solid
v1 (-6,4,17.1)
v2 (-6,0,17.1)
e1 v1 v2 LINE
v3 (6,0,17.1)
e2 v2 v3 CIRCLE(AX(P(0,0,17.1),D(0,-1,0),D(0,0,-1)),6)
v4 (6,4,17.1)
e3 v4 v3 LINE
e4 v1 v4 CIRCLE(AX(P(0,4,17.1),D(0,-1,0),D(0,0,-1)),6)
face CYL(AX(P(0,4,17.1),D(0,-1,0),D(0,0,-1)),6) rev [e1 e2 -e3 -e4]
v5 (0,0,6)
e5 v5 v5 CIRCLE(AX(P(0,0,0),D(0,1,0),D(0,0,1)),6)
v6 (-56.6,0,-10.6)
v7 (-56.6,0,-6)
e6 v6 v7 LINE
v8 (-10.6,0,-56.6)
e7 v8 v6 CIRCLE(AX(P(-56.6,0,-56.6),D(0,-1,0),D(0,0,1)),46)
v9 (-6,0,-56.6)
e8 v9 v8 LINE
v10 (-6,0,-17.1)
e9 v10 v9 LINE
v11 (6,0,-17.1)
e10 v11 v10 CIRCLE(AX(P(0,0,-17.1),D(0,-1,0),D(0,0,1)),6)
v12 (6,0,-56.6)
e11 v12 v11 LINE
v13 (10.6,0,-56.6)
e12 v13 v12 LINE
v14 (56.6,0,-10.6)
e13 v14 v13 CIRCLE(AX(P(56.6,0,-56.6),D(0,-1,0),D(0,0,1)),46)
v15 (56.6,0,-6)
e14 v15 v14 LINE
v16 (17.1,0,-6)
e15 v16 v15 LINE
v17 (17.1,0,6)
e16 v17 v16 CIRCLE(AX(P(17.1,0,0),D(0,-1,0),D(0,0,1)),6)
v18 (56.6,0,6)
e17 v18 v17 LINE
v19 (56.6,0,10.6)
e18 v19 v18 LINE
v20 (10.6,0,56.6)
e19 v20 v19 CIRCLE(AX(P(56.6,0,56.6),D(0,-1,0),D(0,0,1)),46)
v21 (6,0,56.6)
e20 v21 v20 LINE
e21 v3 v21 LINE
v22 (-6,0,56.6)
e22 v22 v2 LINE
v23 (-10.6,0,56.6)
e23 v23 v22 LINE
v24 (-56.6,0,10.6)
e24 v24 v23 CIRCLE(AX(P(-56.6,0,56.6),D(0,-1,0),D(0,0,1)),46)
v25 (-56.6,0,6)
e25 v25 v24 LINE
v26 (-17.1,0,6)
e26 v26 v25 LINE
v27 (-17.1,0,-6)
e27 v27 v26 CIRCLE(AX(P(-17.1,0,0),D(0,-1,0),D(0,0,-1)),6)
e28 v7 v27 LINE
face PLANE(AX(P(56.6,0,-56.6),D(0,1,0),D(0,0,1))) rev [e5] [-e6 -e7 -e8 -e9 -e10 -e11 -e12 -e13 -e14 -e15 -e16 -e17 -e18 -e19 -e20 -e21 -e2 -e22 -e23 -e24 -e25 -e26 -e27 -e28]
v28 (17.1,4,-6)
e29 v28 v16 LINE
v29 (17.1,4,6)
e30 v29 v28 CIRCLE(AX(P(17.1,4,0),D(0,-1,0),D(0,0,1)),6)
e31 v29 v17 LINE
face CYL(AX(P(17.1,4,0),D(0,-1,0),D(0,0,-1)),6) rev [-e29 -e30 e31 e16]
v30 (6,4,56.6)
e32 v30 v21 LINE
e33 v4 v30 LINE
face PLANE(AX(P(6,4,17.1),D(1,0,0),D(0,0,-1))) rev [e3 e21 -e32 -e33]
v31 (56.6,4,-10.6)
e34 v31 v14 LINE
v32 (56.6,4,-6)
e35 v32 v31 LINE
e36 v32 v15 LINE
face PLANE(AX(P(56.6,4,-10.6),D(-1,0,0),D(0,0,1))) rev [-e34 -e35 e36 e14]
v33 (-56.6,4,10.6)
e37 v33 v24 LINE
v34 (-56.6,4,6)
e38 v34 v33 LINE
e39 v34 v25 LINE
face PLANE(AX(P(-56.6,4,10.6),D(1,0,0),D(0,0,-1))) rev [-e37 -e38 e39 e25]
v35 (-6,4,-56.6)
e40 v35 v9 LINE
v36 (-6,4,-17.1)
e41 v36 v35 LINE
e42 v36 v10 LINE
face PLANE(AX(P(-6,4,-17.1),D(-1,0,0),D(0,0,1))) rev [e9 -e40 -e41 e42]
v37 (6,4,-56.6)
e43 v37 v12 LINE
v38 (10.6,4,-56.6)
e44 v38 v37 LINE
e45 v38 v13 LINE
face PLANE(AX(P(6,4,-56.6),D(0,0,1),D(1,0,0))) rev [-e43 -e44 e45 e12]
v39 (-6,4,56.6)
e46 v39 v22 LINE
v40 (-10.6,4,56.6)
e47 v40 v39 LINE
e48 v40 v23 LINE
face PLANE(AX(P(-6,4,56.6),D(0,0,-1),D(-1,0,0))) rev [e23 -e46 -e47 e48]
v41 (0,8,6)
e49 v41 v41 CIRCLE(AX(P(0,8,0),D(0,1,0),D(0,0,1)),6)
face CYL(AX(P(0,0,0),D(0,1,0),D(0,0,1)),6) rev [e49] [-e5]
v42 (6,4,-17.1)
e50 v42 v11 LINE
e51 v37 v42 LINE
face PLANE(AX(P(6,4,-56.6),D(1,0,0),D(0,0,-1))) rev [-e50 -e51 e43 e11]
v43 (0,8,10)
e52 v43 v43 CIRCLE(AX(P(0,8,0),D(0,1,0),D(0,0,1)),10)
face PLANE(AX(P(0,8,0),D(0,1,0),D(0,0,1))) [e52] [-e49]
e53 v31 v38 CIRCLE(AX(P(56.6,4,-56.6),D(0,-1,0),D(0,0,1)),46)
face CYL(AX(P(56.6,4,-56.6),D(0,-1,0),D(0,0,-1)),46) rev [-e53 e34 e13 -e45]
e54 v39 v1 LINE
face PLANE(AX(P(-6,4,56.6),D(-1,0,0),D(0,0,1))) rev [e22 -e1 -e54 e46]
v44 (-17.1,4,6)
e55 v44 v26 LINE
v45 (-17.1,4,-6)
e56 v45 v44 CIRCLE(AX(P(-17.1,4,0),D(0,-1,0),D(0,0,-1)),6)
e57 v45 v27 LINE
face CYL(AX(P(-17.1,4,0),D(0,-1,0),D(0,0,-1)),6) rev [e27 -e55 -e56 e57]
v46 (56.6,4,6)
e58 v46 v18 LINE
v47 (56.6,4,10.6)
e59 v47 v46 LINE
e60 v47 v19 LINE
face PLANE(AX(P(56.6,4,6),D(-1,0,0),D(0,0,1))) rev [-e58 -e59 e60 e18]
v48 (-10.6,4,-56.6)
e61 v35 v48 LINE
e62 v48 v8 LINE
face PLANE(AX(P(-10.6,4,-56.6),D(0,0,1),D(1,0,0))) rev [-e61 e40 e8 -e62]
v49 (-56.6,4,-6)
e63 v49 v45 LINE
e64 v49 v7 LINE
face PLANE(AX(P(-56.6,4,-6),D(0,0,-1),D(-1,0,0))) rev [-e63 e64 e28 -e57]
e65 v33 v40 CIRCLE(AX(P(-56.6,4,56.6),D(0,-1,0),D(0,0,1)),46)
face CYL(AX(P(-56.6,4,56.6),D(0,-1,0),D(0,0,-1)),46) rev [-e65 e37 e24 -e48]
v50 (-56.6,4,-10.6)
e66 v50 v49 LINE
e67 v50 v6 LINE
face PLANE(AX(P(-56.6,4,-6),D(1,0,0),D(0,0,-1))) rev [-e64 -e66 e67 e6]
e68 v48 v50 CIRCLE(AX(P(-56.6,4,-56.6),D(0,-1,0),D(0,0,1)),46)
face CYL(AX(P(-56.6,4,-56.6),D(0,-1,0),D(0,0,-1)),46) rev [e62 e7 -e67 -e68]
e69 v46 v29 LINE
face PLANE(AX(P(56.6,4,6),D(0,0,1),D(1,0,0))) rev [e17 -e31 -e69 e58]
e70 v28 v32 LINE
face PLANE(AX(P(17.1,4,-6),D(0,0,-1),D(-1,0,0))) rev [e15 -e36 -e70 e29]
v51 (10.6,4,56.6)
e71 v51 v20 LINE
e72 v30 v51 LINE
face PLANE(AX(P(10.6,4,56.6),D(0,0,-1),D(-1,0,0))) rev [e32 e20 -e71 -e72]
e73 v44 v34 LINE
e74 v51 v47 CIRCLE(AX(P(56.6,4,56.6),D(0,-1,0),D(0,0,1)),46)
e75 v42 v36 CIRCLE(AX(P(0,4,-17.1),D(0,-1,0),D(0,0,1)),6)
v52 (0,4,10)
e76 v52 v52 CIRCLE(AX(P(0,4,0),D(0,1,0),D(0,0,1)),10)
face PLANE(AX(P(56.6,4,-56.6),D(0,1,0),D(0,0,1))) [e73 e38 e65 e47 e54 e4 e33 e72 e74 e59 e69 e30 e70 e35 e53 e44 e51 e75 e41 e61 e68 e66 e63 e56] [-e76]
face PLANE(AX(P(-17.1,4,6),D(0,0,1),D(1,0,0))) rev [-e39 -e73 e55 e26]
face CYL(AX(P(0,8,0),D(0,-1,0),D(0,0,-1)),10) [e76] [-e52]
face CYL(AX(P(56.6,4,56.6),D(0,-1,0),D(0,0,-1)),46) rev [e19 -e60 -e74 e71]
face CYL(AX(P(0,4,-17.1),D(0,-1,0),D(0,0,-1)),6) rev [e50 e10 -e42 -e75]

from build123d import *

# Parameters (mm, degrees)
BOSS_EXTRUDE1_DEPTH = 4
SKETCH2_R           = 10
BOSS_EXTRUDE2_DEPTH = 4
SKETCH3_R           = 6
CUT_EXTRUDE1_DEPTH  = 81.443271937


with BuildPart() as part:
    # Sketch1 → Boss-Extrude1 (new body)
    with BuildSketch(Plane(origin=(0, 0, 0), x_dir=(1, 0, 0), z_dir=(0, 1, 0))):
        with BuildLine():
            Line((6, 56.6), (6, 17.1))
            ThreePointArc((6, 17.1), (0, 11.1), (-6, 17.1))
            Line((-6, 17.1), (-6, 56.6))
            Line((-6, 56.6), (-10.6, 56.6))
            ThreePointArc((-10.6, 56.6), (-24.073088065, 24.073088065), (-56.6, 10.6))
            Line((-56.6, 10.6), (-56.6, 6))
            Line((-56.6, 6), (-17.1, 6))
            ThreePointArc((-17.1, 6), (-11.1, 0), (-17.1, -6))
            Line((-17.1, -6), (-56.6, -6))
            Line((-56.6, -6), (-56.6, -10.6))
            ThreePointArc((-56.6, -10.6), (-24.073088065, -24.073088065), (-10.6, -56.6))
            Line((-10.6, -56.6), (-6, -56.6))
            Line((-6, -56.6), (-6, -17.1))
            ThreePointArc((-6, -17.1), (0, -11.1), (6, -17.1))
            Line((6, -17.1), (6, -56.6))
            Line((6, -56.6), (10.6, -56.6))
            ThreePointArc((10.6, -56.6), (24.073088065, -24.073088065), (56.6, -10.6))
            Line((56.6, -10.6), (56.6, -6))
            Line((56.6, -6), (17.1, -6))
            ThreePointArc((17.1, -6), (11.1, 0), (17.1, 6))
            Line((17.1, 6), (56.6, 6))
            Line((56.6, 6), (56.6, 10.6))
            ThreePointArc((56.6, 10.6), (24.073088065, 24.073088065), (10.6, 56.6))
            Line((10.6, 56.6), (6, 56.6))
        make_face()
    extrude(amount=BOSS_EXTRUDE1_DEPTH)

    # Sketch2 → Boss-Extrude2 (add)
    with BuildSketch(Plane(origin=(0, 4, 0), x_dir=(1, 0, 0), z_dir=(0, 1, 0))):
        with Locations(Location((0, 0, 0), (0, 0, 270))):
            Circle(SKETCH2_R)
    extrude(amount=BOSS_EXTRUDE2_DEPTH)

    # Sketch3 → Cut-Extrude1 (cut, through all)
    with BuildSketch(Plane(origin=(0, 8, 0), x_dir=(1, 0, 0), z_dir=(0, 1, 0))):
        with Locations(Location((0, 0, 0), (0, 0, 270))):
            Circle(SKETCH3_R)
    extrude(amount=-CUT_EXTRUDE1_DEPTH, mode=Mode.SUBTRACT)


solid = part.part
